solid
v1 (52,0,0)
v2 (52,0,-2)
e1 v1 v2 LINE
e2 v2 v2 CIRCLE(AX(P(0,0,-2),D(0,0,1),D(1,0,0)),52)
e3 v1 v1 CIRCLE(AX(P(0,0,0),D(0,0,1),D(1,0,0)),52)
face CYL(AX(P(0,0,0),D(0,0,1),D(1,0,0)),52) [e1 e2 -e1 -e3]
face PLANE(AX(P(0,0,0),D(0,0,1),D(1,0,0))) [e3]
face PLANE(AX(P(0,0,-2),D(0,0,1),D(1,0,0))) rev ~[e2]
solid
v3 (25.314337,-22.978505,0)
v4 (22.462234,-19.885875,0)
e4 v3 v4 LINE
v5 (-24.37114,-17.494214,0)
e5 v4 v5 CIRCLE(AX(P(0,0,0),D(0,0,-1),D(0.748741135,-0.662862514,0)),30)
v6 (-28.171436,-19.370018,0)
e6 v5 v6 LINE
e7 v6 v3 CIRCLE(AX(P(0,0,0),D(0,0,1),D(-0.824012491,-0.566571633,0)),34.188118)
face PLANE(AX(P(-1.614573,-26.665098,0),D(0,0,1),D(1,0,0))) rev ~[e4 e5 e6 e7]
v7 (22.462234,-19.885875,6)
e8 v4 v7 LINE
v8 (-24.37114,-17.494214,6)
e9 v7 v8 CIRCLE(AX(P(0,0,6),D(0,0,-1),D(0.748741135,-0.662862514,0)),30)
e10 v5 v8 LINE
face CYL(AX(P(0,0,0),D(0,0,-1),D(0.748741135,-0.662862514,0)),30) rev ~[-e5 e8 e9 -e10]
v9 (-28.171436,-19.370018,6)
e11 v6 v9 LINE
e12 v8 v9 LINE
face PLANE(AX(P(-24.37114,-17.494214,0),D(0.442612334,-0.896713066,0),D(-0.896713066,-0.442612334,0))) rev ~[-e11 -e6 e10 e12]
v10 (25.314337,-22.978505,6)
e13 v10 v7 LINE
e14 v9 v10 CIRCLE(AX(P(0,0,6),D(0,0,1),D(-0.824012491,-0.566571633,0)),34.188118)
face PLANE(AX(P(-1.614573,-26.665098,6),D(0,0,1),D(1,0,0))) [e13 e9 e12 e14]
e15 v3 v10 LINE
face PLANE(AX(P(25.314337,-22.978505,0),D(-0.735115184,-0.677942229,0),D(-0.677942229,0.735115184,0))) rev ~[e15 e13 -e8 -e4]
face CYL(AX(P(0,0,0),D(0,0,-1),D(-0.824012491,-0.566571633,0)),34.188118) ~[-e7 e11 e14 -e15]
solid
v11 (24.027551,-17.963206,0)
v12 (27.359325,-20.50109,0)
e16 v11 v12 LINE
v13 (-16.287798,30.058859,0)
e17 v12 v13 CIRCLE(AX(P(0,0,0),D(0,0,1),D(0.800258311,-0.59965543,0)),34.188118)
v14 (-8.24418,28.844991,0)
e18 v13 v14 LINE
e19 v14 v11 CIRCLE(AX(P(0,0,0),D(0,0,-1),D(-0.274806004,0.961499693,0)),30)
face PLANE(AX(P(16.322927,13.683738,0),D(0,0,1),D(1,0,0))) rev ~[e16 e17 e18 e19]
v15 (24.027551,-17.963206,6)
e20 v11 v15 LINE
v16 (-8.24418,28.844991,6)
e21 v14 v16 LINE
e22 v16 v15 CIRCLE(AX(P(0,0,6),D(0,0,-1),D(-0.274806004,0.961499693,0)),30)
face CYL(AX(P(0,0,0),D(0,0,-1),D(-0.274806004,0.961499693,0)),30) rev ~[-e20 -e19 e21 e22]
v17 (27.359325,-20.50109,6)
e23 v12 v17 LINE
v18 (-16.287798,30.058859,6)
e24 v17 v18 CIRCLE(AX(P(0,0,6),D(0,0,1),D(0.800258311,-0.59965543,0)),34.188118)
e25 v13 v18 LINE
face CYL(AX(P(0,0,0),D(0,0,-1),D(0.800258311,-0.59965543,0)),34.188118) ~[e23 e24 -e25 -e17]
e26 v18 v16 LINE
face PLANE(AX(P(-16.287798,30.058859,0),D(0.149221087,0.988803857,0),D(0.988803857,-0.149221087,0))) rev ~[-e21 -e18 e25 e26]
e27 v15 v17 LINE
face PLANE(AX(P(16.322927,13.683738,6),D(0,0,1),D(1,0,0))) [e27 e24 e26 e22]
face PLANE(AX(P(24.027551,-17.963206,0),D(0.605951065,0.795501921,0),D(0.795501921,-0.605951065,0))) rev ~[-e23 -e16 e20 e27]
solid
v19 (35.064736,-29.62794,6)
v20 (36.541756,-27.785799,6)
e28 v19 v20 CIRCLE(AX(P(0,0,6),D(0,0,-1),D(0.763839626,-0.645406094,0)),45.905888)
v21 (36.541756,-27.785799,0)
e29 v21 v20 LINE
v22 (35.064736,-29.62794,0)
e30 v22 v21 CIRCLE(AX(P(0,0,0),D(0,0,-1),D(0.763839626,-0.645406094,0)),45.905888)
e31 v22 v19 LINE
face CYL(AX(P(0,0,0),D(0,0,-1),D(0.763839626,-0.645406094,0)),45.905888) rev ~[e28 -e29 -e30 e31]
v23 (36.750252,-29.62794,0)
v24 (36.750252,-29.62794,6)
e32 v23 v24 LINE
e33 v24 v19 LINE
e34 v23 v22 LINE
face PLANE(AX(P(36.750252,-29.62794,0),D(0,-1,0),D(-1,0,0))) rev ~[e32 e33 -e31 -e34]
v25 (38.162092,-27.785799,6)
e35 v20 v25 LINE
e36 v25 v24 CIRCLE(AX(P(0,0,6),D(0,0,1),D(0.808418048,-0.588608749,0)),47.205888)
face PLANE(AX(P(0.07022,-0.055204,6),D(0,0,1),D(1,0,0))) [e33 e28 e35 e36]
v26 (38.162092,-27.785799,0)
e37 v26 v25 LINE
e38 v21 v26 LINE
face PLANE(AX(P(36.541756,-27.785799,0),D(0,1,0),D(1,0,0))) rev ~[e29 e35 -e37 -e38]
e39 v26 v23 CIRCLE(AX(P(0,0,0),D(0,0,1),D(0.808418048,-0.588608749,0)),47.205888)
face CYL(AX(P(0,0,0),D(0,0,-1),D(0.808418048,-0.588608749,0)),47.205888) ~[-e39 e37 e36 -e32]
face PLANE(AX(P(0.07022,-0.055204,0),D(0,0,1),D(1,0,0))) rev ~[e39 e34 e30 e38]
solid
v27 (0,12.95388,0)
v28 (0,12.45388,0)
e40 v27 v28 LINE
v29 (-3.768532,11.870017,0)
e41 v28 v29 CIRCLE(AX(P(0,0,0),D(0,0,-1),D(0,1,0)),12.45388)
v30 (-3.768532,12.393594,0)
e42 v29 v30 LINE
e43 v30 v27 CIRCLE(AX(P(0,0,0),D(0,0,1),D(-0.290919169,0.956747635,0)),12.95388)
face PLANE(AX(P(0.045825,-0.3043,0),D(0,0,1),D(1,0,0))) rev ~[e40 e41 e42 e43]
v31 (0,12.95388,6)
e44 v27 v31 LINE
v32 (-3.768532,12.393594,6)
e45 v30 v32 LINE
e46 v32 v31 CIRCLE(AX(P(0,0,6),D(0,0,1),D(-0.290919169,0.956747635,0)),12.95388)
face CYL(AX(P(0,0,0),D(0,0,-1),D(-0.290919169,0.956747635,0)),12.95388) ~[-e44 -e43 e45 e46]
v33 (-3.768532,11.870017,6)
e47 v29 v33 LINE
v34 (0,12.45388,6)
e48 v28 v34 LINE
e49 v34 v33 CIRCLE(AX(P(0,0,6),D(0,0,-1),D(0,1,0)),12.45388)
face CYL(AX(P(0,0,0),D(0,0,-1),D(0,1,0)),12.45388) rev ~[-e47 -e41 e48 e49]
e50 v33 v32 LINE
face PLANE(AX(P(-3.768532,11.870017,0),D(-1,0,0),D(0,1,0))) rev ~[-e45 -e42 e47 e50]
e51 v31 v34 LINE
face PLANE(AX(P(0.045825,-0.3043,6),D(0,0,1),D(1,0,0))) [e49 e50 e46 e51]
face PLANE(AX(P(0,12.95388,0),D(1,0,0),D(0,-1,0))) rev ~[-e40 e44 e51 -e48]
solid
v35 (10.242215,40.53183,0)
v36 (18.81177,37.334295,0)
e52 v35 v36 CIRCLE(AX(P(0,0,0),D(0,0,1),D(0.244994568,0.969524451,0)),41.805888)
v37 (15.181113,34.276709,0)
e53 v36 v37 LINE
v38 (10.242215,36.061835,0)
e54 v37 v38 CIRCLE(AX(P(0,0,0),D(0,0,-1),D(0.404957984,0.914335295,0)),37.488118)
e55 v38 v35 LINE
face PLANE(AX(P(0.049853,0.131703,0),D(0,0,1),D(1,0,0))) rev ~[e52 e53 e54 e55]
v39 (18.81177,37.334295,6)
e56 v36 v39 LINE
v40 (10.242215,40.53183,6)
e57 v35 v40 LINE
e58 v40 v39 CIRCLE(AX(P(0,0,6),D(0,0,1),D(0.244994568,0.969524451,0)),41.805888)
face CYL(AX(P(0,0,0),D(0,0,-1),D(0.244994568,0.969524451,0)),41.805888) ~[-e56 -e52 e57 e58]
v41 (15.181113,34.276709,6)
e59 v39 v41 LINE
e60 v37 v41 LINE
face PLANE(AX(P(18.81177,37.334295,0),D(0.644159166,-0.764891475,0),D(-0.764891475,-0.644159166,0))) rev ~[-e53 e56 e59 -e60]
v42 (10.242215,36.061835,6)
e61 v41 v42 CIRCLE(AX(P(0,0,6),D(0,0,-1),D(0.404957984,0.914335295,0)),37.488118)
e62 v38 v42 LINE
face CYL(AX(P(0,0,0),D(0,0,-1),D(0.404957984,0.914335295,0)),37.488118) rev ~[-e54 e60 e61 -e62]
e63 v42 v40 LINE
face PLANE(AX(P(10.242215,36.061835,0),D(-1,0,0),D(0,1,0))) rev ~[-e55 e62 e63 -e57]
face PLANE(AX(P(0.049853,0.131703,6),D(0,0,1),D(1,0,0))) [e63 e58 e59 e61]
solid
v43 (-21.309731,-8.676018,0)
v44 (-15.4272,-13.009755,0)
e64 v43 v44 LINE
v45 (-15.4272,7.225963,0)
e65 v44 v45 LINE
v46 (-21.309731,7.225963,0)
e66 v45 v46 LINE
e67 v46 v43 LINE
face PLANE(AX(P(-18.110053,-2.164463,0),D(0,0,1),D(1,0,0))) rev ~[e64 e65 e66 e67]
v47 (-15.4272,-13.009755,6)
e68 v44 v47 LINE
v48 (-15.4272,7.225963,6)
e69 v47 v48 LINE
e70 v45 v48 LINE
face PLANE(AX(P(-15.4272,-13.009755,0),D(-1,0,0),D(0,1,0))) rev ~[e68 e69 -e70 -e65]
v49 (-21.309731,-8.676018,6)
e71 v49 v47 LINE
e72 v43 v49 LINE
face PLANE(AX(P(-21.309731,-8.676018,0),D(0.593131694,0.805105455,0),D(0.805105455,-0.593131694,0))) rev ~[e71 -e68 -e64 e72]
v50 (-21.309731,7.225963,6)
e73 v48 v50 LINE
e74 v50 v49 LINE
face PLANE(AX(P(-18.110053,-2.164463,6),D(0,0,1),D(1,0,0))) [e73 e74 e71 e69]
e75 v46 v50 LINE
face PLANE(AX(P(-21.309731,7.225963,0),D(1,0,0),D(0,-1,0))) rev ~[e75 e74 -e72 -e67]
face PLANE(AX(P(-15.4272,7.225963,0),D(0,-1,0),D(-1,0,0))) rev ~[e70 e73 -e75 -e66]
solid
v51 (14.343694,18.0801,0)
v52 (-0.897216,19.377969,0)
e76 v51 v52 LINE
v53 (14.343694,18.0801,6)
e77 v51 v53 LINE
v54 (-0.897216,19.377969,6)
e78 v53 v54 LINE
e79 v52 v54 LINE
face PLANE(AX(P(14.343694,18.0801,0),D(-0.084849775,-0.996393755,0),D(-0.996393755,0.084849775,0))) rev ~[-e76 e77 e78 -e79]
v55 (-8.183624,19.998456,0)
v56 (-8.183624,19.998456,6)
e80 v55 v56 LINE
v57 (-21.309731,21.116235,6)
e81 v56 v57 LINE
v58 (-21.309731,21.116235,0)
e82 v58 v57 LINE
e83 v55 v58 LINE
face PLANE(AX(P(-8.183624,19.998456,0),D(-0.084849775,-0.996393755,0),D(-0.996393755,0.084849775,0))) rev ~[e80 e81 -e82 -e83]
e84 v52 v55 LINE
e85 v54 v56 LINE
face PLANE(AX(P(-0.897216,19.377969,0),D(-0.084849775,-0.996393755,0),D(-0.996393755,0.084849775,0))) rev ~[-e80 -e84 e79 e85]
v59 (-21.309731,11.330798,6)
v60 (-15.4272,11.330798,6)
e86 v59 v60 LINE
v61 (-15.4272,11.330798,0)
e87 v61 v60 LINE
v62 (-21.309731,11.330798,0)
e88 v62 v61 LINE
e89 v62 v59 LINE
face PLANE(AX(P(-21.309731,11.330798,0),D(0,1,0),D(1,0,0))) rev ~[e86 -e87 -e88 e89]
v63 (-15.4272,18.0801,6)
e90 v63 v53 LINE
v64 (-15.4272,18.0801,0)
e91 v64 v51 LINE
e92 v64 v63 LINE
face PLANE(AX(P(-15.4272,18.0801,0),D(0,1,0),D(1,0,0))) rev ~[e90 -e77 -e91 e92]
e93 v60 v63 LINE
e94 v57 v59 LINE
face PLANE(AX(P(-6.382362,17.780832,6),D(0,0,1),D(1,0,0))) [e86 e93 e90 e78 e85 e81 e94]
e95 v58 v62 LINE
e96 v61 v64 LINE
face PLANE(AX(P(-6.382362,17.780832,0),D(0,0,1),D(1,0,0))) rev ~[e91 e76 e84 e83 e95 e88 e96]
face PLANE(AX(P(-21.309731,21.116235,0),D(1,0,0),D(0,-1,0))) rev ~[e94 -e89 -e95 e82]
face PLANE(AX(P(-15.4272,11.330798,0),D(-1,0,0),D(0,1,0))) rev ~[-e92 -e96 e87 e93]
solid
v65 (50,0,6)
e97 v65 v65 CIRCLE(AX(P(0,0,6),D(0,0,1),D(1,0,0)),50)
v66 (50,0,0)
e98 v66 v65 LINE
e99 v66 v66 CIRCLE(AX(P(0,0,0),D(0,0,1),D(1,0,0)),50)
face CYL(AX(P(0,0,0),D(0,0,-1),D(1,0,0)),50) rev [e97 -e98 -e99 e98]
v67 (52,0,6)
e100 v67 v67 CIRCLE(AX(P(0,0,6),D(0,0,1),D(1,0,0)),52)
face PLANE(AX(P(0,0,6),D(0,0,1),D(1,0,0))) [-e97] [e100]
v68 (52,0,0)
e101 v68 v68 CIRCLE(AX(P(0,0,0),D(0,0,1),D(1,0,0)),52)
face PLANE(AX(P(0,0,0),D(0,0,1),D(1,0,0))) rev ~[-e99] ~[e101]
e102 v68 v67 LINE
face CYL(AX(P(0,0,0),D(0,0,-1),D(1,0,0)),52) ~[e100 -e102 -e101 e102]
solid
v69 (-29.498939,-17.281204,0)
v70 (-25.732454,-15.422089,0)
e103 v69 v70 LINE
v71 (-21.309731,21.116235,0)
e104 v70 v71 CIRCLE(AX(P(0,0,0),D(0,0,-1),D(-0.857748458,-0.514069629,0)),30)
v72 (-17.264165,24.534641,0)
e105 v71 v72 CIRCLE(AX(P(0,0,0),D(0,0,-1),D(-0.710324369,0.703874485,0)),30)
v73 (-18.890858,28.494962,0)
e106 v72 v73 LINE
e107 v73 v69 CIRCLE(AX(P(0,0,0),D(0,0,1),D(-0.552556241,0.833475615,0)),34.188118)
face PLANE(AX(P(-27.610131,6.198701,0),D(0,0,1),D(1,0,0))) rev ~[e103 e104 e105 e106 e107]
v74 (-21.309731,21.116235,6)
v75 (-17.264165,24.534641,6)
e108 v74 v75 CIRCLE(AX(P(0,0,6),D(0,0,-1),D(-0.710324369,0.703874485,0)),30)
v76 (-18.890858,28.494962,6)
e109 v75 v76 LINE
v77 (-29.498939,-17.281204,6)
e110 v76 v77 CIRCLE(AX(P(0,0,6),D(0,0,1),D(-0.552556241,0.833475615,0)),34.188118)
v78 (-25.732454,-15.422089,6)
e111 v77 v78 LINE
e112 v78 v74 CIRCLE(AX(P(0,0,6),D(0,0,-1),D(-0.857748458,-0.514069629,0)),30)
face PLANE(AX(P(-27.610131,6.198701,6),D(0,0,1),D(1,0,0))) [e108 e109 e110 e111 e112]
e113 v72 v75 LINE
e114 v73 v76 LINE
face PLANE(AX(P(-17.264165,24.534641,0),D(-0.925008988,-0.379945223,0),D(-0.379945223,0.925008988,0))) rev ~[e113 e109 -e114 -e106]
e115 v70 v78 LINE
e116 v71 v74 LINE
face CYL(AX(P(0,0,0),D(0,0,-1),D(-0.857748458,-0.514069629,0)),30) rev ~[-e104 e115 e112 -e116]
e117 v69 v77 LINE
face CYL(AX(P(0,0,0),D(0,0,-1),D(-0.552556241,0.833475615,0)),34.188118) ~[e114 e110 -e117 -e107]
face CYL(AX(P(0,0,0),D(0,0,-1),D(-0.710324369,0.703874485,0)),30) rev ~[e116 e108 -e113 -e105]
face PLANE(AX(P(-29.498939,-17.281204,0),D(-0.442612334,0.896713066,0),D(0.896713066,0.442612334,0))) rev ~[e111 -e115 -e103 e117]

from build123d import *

# Parameters (mm, degrees)
F0_R     = 52
F0_R_2   = 50
F1_DEPTH = 6
F2_R     = 52
F3_DEPTH = 2


with BuildPart() as f1:
    # F0 (on Top) → F1 (new body)
    with BuildSketch(Plane.XY):
        Circle(F0_R)
        Circle(F0_R_2, mode=Mode.SUBTRACT)
    extrude(amount=F1_DEPTH)


with BuildPart() as f1b:
    # F0 (on Top) → F1, piece 2 (new body)
    with BuildSketch(Plane.XY):
        with BuildLine():
            Line((36.5417559583, -27.7857985348), (38.1620916175, -27.7857985348))
            ThreePointArc((38.1620916175, -27.7857985348), (-37.4674949788, 28.7155473021), (36.7502520643, -29.6279396862))
            Line((36.7502520643, -29.6279396862), (35.0647361131, -29.6279396862))
            ThreePointArc((35.0647361131, -29.6279396862), (-35.8150917589, 28.7163669539), (36.5417559583, -27.7857985348))
        make_face()
    extrude(amount=F1_DEPTH)


with BuildPart() as f1c:
    # F0 (on Top) → F1, piece 3 (new body)
    with BuildSketch(Plane.XY):
        with BuildLine():
            Line((10.2422153577, 36.061835485), (10.2422153577, 40.5318301831))
            ThreePointArc((10.2422153577, 40.5318301831), (-14.6147039534, -39.1681332435), (18.8117697835, 37.33429457))
            Line((18.8117697835, 37.33429457), (15.1811125025, 34.2767089605))
            ThreePointArc((15.1811125025, 34.2767089605), (-12.7429615494, -35.2558631284), (10.2422153577, 36.061835485))
        make_face()
    extrude(amount=F1_DEPTH)


with BuildPart() as f1d:
    # F0 (on Top) → F1, piece 4 (new body)
    with BuildSketch(Plane.XY):
        with BuildLine():
            ThreePointArc((22.4622340584, -19.8858754171), (-1.5300300705, -29.9609580618), (-24.371140327, -17.4942138767))
            Line((-24.371140327, -17.4942138767), (-28.1714358548, -19.3700175615))
            ThreePointArc((-28.1714358548, -19.3700175615), (-2.3013146195, -34.1105750388), (25.3143372963, -22.9785052973))
            Line((25.3143372963, -22.9785052973), (22.4622340584, -19.8858754171))
        make_face()
    extrude(amount=F1_DEPTH)


with BuildPart() as f1e:
    # F0 (on Top) → F1, piece 5 (new body)
    with BuildSketch(Plane.XY):
        with BuildLine():
            ThreePointArc((-21.3097310738, 21.1162345498), (-19.3625345272, 22.9148915922), (-17.2641651741, 24.5346408337))
            Line((-17.2641651741, 24.5346408337), (-18.8908576965, 28.4949622555))
            ThreePointArc((-18.8908576965, 28.4949622555), (-33.3055166437, 7.7181564864), (-29.4989385309, -17.2812037775))
            Line((-29.4989385309, -17.2812037775), (-25.7324537288, -15.4220888695))
            ThreePointArc((-25.7324537288, -15.4220888695), (-29.7826133394, 3.6049885822), (-21.3097310738, 21.1162345498))
        make_face()
    extrude(amount=F1_DEPTH)


with BuildPart() as f1f:
    # F0 (on Top) → F1, piece 6 (new body)
    with BuildSketch(Plane.XY):
        with BuildLine():
            ThreePointArc((27.3593251844, -20.5010903102), (25.8789836039, 22.3406711198), (-16.2877984734, 30.0588589162))
            Line((-16.2877984734, 30.0588589162), (-8.2441801205, 28.8449907981))
            ThreePointArc((-8.2441801205, 28.8449907981), (24.698796024, 17.0284900965), (24.0275514696, -17.9632060161))
            Line((24.0275514696, -17.9632060161), (27.3593251844, -20.5010903102))
        make_face()
    extrude(amount=F1_DEPTH)


with BuildPart() as f1g:
    # F0 (on Top) → F1, piece 7 (new body)
    with BuildSketch(Plane.XY):
        Polygon((-8.1836236641, 19.998456305), (-21.3097310738, 21.1162345498), (-21.3097310738, 11.3307982683), (-15.4272001237, 11.3307982683), (-15.4272001237, 18.0801004171), (-8.1836236641, 18.0801004171), (-0.8972157375, 18.0801004171), (-0.5501859705, 18.0801004171), (14.3436938524, 18.0801004171), (-0.8972157375, 19.3779685999), align=None)
    extrude(amount=F1_DEPTH)


with BuildPart() as f1h:
    # F0 (on Top) → F1, piece 8 (new body)
    with BuildSketch(Plane.XY):
        Polygon((-21.3097310738, 7.2259628214), (-21.3097310738, -8.6760176346), (-15.4272001237, -13.0097549409), (-15.4272001237, 7.2259628214), align=None)
    extrude(amount=F1_DEPTH)


with BuildPart() as f1i:
    # F0 (on Top) → F1, piece 9 (new body)
    with BuildSketch(Plane.XY):
        with BuildLine():
            ThreePointArc((0, 12.4538803561), (1.9067466055, -12.3070489276), (-3.7685320713, 11.8700169314))
            Line((-3.7685320713, 11.8700169314), (-3.7685320713, 12.3935942881))
            ThreePointArc((-3.7685320713, 12.3935942881), (1.9049773177, -12.8130431502), (0, 12.953880243))
            Line((0, 12.953880243), (0, 12.4538803561))
        make_face()
    extrude(amount=F1_DEPTH)


with BuildPart() as f3:
    # F2 (on Top) → F3 (new body)
    with BuildSketch(Plane.XY):
        Circle(F2_R)
    extrude(amount=-F3_DEPTH)


solid = Compound([f1.part, f1b.part, f1c.part, f1d.part, f1e.part, f1f.part, f1g.part, f1h.part, f1i.part, f3.part])
